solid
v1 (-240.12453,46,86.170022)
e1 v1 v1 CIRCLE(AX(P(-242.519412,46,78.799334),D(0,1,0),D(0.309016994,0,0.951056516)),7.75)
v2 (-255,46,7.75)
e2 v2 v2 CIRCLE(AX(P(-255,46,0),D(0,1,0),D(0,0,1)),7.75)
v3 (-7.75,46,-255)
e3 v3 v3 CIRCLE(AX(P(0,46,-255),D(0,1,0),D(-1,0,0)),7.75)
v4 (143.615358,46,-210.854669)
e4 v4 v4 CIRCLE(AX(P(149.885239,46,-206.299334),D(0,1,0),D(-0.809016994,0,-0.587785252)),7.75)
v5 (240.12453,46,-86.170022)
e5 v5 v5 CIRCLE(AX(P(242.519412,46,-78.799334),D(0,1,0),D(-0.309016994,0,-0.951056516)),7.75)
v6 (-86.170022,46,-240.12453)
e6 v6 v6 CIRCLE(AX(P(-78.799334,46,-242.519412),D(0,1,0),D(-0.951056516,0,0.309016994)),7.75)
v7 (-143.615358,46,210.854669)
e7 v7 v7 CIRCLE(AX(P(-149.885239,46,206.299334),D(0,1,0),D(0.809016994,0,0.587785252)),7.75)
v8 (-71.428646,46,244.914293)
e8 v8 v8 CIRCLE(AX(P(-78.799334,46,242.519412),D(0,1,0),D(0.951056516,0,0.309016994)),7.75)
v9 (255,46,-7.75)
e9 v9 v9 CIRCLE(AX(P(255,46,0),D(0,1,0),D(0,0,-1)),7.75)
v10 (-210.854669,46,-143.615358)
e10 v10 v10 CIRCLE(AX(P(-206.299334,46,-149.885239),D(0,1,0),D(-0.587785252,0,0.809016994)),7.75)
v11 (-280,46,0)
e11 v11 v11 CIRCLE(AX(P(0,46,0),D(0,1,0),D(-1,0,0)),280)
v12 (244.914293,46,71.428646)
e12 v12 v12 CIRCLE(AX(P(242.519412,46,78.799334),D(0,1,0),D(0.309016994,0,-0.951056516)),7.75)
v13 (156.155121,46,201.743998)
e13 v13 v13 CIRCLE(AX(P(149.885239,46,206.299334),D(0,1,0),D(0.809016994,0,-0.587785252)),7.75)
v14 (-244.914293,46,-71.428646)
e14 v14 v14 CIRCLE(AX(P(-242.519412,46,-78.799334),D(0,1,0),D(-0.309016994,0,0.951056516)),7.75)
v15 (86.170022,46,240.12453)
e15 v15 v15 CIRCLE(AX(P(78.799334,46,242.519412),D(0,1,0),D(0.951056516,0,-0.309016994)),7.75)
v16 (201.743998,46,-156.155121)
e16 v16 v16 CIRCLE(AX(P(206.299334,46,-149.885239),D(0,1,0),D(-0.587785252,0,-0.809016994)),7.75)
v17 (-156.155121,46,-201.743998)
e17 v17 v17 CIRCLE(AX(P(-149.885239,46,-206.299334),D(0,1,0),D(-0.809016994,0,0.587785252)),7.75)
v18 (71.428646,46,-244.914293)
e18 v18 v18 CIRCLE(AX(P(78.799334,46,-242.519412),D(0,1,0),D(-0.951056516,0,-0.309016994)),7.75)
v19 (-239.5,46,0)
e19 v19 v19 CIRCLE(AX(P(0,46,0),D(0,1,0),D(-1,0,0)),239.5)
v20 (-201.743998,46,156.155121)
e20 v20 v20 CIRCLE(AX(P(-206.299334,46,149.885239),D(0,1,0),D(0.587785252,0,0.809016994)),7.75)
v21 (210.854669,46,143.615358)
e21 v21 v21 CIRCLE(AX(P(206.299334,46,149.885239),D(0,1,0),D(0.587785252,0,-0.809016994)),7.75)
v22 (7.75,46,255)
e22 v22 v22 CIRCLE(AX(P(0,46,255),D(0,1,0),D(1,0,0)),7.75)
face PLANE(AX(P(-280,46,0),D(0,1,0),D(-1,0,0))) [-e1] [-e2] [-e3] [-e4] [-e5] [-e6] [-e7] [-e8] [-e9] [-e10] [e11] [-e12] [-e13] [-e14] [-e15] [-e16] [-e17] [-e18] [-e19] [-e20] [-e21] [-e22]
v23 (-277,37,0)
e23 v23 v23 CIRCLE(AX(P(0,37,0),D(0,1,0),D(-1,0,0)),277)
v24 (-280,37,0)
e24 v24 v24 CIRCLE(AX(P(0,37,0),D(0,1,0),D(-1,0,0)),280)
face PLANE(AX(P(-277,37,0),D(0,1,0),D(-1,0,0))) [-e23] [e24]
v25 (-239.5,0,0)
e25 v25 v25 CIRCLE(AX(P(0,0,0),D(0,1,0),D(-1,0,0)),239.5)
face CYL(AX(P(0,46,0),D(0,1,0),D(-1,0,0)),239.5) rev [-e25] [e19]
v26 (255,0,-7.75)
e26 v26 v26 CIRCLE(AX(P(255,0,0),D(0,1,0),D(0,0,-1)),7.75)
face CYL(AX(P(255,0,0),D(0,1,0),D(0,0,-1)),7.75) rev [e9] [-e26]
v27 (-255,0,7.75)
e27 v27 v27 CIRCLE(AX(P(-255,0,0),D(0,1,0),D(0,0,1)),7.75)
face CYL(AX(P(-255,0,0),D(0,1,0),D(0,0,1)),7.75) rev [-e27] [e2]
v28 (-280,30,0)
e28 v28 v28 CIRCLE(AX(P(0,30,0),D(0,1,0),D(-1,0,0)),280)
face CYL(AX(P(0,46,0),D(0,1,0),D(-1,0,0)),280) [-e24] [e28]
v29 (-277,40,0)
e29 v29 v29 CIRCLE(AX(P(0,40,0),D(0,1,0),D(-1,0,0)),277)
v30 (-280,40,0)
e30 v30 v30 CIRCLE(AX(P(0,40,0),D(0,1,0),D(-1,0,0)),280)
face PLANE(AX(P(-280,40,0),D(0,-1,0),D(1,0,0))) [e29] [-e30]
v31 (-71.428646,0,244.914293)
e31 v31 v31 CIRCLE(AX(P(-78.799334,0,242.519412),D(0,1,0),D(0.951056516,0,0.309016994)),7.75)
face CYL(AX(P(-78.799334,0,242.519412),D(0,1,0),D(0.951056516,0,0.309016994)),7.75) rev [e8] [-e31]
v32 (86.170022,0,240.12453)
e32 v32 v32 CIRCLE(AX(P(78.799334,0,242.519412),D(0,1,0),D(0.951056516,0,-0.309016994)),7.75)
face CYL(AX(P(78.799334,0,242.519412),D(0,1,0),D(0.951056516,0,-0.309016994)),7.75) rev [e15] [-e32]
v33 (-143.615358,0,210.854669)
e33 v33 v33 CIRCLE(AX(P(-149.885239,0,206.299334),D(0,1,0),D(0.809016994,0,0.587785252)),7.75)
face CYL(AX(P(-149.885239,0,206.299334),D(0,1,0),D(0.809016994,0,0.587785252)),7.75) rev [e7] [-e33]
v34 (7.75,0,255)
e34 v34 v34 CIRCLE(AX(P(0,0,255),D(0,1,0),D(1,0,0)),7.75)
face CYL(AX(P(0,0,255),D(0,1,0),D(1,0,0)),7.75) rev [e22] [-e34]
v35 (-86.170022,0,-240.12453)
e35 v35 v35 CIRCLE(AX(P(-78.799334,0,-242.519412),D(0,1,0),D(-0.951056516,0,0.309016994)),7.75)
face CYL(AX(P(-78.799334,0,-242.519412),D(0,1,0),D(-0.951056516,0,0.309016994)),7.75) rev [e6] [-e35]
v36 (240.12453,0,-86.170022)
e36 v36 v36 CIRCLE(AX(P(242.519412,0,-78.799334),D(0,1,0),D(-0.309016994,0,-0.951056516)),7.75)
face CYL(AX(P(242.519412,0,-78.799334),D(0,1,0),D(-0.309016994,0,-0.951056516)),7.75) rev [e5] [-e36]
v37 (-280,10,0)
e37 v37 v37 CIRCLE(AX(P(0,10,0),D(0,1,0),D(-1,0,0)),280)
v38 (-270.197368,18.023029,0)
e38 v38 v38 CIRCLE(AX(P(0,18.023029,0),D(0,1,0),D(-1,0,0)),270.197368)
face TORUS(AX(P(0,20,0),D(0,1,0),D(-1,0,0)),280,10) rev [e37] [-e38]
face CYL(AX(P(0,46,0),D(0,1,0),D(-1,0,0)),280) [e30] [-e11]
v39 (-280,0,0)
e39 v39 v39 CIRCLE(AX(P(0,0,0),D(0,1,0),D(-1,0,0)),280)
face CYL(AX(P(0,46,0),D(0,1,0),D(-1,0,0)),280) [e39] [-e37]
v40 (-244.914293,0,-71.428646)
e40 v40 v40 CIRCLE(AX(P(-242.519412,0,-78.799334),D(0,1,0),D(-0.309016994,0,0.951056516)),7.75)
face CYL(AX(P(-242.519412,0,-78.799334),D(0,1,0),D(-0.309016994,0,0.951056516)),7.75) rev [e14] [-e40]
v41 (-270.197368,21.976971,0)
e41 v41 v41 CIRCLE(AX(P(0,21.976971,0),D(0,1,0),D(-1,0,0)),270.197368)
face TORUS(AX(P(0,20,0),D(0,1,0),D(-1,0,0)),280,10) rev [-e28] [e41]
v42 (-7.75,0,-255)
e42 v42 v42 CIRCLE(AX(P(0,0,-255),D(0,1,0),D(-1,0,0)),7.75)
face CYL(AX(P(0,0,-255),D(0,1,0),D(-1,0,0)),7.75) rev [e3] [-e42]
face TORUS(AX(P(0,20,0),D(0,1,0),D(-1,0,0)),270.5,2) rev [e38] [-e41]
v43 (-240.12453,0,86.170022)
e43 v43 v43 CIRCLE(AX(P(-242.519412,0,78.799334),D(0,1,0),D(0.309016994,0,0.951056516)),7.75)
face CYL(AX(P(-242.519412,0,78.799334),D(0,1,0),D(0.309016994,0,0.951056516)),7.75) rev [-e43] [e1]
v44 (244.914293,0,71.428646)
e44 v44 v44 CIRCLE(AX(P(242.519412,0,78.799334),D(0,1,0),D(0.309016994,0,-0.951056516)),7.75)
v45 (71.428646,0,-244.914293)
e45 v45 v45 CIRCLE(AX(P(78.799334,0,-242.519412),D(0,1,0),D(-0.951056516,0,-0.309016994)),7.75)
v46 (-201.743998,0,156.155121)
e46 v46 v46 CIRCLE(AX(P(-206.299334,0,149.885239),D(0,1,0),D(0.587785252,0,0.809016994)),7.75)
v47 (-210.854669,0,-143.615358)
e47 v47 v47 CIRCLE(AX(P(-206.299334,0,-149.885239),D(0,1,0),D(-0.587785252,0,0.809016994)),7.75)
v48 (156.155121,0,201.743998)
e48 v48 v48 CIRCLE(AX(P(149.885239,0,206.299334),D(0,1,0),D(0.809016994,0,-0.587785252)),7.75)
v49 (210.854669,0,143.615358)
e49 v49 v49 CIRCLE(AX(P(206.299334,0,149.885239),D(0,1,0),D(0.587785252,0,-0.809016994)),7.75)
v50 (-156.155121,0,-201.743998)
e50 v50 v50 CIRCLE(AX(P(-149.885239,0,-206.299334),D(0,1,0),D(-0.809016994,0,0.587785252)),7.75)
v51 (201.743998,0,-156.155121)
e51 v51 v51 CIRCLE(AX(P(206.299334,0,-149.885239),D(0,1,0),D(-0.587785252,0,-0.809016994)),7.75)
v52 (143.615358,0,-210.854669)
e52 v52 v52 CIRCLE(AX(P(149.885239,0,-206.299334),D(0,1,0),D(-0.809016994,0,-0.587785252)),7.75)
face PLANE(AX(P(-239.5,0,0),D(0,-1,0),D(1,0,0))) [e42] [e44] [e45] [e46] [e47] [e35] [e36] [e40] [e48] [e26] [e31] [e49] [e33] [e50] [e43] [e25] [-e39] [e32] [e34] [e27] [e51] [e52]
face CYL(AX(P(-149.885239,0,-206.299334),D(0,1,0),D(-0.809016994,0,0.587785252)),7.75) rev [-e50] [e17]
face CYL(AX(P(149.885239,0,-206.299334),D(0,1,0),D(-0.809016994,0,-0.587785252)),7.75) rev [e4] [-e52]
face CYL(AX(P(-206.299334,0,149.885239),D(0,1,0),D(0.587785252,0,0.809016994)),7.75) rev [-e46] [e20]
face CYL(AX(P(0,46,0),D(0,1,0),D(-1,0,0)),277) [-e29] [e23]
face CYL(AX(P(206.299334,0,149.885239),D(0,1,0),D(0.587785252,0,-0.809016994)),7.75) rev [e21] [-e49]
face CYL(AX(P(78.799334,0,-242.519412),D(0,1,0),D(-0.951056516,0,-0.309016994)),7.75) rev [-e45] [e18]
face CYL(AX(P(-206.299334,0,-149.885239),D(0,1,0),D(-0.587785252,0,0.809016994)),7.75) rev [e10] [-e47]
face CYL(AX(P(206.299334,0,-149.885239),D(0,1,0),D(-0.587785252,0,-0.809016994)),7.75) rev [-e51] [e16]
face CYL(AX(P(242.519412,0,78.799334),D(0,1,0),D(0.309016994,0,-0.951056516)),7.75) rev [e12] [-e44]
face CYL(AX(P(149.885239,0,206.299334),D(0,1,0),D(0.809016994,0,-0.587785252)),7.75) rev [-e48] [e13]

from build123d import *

# Parameters (mm, degrees)
ESQUISSE4_R                  = 7.75
ENL_V_MAT_EXTRU_2_DEPTH      = 399.642697161
R_P_TITION_CIRCULAIRE1_COUNT = 20


with BuildPart() as part:
    # Esquisse1 → Révolution1 (revolve)
    with BuildSketch(Plane.XY):
        with BuildLine():
            Line((-280, 46), (-280, 40))
            Line((-280, 40), (-277, 40))
            Line((-277, 40), (-277, 37))
            Line((-277, 37), (-280, 37))
            Line((-280, 37), (-280, 30))
            ThreePointArc((-280, 30), (-273.666348189, 27.738530528), (-270.197368421, 21.976970948))
            ThreePointArc((-270.197368421, 21.976970948), (-268.5, 20), (-270.197368421, 18.023029052))
            ThreePointArc((-270.197368421, 18.023029052), (-273.666348189, 12.261469472), (-280, 10))
            Line((-280, 10), (-280, 0))
            Line((-280, 0), (-239.5, 0))
            Line((-239.5, 0), (-239.5, 46))
            Line((-239.5, 46), (-280, 46))
        make_face()
    revolve(axis=Axis((0, 46, 0), (0, -1, 0)))

    # Esquisse4 → Enlèv. mat.-Extru.2 (cut, through all)
    with BuildSketch(Plane(origin=(0, 46, 0), x_dir=(1, 0, 0), z_dir=(0, 1, 0))):
        with Locations((-255, 0)):
            Circle(ESQUISSE4_R)
    enl_v_mat_extru_2 = extrude(amount=-ENL_V_MAT_EXTRU_2_DEPTH, mode=Mode.SUBTRACT)

    # Répétition circulaire1: Enlèv. mat.-Extru.2 ×20 about axis
    r_p_tition_circulaire1_axis = Axis((0, 45.15, 0), (0, -1, 0))
    for i in range(1, R_P_TITION_CIRCULAIRE1_COUNT):
        add(enl_v_mat_extru_2.rotate(r_p_tition_circulaire1_axis, i * 360 / R_P_TITION_CIRCULAIRE1_COUNT), mode=Mode.SUBTRACT)


solid = part.part
